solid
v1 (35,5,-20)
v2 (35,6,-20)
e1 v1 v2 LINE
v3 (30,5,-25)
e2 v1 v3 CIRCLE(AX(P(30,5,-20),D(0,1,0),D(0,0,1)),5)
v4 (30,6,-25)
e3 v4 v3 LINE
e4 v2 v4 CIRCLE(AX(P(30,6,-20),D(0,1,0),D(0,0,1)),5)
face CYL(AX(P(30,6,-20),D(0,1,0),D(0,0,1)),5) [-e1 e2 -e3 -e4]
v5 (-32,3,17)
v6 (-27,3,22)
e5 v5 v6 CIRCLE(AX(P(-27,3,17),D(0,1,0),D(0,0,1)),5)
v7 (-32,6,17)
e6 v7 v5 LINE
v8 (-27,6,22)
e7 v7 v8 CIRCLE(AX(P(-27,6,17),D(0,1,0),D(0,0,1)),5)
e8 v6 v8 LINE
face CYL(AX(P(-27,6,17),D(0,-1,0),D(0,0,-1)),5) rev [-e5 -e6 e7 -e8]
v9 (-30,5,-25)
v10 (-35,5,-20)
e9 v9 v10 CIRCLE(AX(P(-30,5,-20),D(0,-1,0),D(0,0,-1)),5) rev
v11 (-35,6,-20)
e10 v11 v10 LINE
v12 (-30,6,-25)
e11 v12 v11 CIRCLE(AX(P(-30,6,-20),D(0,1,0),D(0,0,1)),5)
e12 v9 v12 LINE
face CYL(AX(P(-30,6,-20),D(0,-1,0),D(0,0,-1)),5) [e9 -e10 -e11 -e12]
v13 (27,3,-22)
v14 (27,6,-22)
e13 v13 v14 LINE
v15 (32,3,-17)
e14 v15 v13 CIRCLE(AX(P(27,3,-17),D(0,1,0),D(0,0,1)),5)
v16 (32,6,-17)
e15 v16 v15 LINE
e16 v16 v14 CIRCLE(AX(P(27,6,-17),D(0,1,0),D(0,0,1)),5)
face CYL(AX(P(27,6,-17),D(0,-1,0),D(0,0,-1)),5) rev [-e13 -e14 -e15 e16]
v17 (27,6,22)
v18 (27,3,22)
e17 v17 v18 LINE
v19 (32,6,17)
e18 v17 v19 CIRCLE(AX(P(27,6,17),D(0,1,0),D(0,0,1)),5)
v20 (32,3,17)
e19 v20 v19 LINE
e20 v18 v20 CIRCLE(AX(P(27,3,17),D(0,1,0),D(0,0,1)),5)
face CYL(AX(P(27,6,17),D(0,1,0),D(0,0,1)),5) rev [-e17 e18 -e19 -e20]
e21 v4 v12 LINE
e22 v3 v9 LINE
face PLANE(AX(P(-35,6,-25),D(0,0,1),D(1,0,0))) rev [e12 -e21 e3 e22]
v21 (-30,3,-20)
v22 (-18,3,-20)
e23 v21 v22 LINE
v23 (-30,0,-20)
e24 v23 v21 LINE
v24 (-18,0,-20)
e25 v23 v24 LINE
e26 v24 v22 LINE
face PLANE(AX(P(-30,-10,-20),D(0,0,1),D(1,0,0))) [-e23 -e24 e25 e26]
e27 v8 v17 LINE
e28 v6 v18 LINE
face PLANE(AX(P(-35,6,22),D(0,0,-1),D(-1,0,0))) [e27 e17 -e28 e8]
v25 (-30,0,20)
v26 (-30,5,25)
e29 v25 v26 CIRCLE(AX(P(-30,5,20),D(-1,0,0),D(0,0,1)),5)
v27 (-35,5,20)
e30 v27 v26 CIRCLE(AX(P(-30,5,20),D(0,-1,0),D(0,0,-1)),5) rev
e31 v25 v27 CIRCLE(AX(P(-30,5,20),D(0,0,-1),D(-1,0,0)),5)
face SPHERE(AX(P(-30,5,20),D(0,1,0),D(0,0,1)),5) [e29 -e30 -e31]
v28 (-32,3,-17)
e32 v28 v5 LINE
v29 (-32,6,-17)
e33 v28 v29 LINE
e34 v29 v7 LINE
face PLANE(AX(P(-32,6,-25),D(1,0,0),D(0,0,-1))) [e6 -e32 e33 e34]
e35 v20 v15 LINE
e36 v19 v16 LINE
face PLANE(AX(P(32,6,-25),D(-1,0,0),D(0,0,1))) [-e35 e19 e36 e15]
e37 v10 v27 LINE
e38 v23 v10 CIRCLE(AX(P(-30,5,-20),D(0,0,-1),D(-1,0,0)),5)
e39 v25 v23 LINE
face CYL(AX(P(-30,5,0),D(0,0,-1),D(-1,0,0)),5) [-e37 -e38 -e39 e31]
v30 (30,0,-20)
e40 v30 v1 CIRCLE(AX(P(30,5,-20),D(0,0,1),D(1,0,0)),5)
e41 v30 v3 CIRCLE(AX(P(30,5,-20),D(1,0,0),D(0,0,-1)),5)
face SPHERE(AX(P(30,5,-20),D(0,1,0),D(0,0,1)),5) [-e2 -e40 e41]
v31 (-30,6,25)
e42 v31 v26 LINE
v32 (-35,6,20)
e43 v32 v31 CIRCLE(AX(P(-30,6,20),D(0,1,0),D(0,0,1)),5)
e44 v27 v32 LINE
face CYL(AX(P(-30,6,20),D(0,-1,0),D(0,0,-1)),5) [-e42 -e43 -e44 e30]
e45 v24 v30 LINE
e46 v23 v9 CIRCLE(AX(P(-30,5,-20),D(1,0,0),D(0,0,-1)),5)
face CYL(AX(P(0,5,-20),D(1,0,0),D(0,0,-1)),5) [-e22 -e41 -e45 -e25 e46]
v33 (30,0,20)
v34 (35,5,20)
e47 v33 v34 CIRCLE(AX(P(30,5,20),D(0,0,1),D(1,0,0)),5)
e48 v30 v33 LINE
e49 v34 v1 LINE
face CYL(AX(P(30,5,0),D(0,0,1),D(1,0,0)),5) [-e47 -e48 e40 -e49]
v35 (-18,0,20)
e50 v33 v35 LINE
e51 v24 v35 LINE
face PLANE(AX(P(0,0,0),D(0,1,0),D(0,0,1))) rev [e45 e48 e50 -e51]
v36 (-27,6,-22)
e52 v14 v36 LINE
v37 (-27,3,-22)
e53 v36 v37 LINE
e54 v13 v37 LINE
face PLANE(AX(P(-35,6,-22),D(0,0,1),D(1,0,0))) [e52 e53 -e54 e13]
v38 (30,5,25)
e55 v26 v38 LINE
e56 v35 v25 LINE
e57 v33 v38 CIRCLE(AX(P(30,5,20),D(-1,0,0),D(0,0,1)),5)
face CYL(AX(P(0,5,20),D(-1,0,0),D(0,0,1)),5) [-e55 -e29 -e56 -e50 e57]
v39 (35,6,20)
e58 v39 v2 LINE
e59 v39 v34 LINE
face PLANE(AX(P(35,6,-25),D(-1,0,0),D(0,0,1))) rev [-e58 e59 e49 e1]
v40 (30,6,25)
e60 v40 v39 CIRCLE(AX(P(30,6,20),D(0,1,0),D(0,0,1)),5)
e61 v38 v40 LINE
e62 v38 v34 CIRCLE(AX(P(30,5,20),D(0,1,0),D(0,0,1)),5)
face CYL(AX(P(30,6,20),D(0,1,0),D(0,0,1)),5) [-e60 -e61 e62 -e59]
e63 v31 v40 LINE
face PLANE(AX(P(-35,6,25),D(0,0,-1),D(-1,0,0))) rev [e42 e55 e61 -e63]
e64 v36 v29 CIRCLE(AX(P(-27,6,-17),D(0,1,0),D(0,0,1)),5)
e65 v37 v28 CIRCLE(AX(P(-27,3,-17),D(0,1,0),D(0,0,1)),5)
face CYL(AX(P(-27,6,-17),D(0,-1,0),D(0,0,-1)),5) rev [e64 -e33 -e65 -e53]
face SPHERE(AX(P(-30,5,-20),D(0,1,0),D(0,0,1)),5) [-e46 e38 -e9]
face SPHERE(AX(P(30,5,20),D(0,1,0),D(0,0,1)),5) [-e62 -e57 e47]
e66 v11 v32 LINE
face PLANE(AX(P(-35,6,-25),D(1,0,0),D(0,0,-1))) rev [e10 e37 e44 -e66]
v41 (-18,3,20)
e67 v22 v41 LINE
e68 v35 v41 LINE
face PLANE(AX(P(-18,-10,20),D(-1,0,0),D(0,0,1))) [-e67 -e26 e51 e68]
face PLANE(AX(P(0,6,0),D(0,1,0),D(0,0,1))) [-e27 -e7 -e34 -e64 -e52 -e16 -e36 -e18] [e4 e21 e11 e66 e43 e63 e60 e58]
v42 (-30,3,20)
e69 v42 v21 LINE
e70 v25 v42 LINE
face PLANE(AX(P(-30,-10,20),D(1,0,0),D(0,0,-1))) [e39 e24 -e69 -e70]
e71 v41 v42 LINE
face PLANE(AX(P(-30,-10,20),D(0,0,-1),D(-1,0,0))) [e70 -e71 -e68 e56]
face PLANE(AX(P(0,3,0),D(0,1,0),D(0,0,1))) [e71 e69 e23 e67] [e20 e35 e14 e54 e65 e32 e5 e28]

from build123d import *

# Parameters (mm, degrees)
SKETCH1_W               = 70
SKETCH1_H               = 50
BOSS_EXTRUDE1_DEPTH     = 6
SHELL1_T                = -3
FILLET1_R               = 5
FILLET2_R               = 5
FILLET3_R               = 5
FILLET4_R               = 5
FILLET5_R               = 5
FILLET6_R               = 5
FILLET7_R               = 5
FILLET8_R               = 5
FILLET9_R               = 5
CUT_EXTRUDE1_DEPTH      = 10
CUT_EXTRUDE1_DEPTH_BACK = 10
SKETCH2_W               = 12
SKETCH2_H               = 40


with BuildPart() as part:
    # Sketch1 → Boss-Extrude1 (new body)
    with BuildSketch(Plane(origin=(0, 0, 0), x_dir=(1, 0, 0), z_dir=(0, 1, 0))):
        Rectangle(SKETCH1_W, SKETCH1_H)
    extrude(amount=BOSS_EXTRUDE1_DEPTH)

    # Shell1
    shell1_openings = [part.faces().sort_by_distance(p)[0] for p in [
        (0, 6, 0),
    ]]
    offset(amount=SHELL1_T, openings=shell1_openings, kind=Kind.INTERSECTION)

    # Fillet1
    fillet1_edges = [part.edges().sort_by_distance(p)[0] for p in [
        (35, 3, 25),
    ]]
    fillet(fillet1_edges, radius=FILLET1_R)

    # Fillet2
    fillet2_edges = [part.edges().sort_by_distance(p)[0] for p in [
        (35, 3, -25),
    ]]
    fillet(fillet2_edges, radius=FILLET2_R)

    # Fillet3
    fillet3_edges = [part.edges().sort_by_distance(p)[0] for p in [
        (-35, 3, 25),
    ]]
    fillet(fillet3_edges, radius=FILLET3_R)

    # Fillet4
    fillet4_edges = [part.edges().sort_by_distance(p)[0] for p in [
        (-35, 3, -25),
    ]]
    fillet(fillet4_edges, radius=FILLET4_R)

    # Fillet5
    fillet5_edges = [part.edges().sort_by_distance(p)[0] for p in [
        (-33.535533906, 0, -23.535533906),
        (-33.535533906, 0, 23.535533906),
        (33.535533906, 0, -23.535533906),
        (33.535533906, 0, 23.535533906),
        (35, 0, 0),
        (0, 0, -25),
        (-35, 0, 0),
        (0, 0, 25),
    ]]
    fillet(fillet5_edges, radius=FILLET5_R)

    # Fillet6
    fillet6_edges = [part.edges().sort_by_distance(p)[0] for p in [
        (32, 4.5, 22),
    ]]
    fillet(fillet6_edges, radius=FILLET6_R)

    # Fillet7
    fillet7_edges = [part.edges().sort_by_distance(p)[0] for p in [
        (-32, 4.5, 22),
    ]]
    fillet(fillet7_edges, radius=FILLET7_R)

    # Fillet8
    fillet8_edges = [part.edges().sort_by_distance(p)[0] for p in [
        (-32, 4.5, -22),
    ]]
    fillet(fillet8_edges, radius=FILLET8_R)

    # Fillet9
    fillet9_edges = [part.edges().sort_by_distance(p)[0] for p in [
        (32, 4.5, -22),
    ]]
    fillet(fillet9_edges, radius=FILLET9_R)

    # Sketch2 → Cut-Extrude1 (cut, two sides: drawn at the far end of the back side and taken through both)
    with BuildSketch(Plane.XZ.offset(-CUT_EXTRUDE1_DEPTH_BACK)):
        with Locations((-24, 0)):
            Rectangle(SKETCH2_W, SKETCH2_H)
    extrude(amount=CUT_EXTRUDE1_DEPTH + CUT_EXTRUDE1_DEPTH_BACK, mode=Mode.SUBTRACT)


solid = part.part
